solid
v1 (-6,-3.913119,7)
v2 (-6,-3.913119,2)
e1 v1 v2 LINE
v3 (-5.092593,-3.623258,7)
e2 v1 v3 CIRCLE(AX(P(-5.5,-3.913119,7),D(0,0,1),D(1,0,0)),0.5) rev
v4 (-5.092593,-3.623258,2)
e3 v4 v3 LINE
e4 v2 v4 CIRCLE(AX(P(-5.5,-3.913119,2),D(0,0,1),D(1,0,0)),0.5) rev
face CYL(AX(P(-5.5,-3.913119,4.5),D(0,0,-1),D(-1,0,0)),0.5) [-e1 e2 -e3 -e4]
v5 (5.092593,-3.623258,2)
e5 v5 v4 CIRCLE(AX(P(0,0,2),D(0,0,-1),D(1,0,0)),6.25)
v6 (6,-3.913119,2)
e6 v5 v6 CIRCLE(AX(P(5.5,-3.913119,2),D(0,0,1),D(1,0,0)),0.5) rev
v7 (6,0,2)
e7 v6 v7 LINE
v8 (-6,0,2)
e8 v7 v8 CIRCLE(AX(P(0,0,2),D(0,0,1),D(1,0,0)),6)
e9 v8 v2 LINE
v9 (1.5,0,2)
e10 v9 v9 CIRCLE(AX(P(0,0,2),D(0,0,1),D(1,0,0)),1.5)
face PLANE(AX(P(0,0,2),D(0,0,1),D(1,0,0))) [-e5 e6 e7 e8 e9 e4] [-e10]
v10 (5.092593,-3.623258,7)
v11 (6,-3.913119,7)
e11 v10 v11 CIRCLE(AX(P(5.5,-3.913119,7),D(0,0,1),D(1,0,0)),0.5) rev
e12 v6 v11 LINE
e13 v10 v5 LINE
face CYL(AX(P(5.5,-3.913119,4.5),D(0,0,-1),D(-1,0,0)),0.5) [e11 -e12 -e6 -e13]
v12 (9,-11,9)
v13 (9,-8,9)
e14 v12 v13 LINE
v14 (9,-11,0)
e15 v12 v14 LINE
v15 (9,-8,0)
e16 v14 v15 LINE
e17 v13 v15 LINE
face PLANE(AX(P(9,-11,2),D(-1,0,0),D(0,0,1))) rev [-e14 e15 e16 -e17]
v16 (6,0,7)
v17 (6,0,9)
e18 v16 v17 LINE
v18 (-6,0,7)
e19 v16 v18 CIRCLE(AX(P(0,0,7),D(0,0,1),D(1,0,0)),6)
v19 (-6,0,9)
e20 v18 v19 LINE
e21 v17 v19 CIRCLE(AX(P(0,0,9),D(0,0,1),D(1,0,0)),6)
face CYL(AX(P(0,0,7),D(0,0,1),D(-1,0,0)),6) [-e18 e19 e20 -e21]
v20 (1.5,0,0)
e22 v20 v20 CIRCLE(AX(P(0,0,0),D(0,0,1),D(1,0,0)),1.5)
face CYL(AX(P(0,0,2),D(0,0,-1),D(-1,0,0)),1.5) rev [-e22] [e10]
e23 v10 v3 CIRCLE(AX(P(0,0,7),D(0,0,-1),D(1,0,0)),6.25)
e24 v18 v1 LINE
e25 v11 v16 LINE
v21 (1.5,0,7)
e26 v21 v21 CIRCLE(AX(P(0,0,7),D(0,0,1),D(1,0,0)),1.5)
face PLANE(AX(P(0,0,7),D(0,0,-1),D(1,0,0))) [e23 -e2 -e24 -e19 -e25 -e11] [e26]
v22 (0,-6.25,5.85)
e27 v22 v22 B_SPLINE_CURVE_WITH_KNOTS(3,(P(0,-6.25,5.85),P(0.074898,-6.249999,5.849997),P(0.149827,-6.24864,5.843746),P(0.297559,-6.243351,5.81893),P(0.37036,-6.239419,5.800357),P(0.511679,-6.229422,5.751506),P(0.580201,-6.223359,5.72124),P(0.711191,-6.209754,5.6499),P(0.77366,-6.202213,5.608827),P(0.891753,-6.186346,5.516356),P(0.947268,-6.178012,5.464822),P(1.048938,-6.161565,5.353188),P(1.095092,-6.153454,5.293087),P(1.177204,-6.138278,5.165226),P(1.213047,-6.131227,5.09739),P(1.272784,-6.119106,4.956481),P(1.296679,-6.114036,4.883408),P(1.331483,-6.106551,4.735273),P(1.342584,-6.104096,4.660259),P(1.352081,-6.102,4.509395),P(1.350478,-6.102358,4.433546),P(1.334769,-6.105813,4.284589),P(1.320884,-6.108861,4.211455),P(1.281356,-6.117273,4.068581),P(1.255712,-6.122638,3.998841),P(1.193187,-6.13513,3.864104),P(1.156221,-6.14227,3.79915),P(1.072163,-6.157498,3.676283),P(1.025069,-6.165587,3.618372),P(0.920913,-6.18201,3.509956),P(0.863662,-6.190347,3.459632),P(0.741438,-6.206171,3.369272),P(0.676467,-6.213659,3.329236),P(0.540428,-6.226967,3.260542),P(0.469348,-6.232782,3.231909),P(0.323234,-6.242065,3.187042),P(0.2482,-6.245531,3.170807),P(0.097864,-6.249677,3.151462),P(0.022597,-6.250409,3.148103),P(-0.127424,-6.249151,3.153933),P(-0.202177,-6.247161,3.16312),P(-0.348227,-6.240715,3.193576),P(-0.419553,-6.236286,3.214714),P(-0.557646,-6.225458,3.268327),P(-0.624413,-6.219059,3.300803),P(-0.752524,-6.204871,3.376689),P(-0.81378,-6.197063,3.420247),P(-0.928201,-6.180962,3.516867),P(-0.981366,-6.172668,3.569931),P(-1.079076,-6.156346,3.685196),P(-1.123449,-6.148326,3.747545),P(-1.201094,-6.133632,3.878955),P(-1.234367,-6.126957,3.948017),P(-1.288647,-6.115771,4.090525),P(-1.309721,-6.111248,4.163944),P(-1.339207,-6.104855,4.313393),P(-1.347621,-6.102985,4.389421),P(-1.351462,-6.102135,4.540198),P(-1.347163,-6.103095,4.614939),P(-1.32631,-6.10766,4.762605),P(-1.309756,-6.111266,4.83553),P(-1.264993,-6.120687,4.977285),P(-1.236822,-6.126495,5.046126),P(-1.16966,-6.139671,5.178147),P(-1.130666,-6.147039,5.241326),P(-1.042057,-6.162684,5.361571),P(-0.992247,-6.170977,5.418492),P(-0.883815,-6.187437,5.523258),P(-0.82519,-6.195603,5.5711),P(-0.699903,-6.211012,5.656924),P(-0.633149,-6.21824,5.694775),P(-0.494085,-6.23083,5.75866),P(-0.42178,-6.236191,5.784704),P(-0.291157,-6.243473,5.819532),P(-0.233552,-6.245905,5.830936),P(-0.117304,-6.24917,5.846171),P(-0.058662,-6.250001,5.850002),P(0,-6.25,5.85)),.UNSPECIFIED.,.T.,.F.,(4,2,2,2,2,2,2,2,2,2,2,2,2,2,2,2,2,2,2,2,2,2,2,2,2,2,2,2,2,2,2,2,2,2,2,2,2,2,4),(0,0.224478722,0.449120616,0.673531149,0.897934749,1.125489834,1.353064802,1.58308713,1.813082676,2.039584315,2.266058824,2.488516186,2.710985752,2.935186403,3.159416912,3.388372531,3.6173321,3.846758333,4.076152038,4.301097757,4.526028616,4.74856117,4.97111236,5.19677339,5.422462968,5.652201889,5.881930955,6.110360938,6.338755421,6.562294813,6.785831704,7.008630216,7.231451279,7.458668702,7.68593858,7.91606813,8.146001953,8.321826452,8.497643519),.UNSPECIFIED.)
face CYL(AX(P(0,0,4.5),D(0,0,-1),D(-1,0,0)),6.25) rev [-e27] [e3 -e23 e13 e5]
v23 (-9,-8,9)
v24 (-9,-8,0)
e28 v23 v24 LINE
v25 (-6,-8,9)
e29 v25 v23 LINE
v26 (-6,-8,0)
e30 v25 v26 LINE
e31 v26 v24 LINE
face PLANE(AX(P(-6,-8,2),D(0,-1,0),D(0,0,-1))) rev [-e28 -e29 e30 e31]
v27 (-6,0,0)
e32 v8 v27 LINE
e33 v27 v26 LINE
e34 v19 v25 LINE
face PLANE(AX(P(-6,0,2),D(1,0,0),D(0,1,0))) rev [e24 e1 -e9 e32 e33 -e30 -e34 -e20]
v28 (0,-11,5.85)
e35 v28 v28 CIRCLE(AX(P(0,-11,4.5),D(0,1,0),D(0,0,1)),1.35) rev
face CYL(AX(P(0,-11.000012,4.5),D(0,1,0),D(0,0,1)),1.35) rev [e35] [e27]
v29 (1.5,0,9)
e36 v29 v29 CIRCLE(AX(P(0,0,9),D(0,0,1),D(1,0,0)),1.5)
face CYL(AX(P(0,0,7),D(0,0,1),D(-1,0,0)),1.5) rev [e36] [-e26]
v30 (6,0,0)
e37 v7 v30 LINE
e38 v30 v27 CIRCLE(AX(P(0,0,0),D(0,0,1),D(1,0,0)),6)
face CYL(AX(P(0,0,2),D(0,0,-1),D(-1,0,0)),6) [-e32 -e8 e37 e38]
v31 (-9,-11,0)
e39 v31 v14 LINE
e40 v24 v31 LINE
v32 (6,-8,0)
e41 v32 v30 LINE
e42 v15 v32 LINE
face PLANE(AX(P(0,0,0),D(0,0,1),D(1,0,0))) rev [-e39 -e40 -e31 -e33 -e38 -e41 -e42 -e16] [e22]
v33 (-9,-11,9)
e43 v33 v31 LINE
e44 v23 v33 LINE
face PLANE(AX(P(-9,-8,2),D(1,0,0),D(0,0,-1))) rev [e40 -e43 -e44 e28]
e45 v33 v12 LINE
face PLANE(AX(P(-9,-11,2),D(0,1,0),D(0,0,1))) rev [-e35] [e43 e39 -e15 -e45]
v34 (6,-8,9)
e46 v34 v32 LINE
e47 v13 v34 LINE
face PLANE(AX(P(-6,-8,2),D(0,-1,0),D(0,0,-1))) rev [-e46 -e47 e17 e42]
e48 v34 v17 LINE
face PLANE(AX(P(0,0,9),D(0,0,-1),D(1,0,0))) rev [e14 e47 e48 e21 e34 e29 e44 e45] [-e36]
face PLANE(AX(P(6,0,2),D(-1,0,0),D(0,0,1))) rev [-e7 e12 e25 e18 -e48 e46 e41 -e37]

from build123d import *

# Parameters (mm, degrees)
SKETCH_1_R               = 1.5
EXTRUDE_1_DEPTH          = 2
SKETCH_2_W               = 18
SKETCH_2_H               = 3
EXTRUDE_2_DEPTH          = 2.5
EXTRUDE_3_DEPTH          = 2.5
FILLET_1_R               = 0.5
FILLET_2_R               = 0.5
CUT_EXTRUDE_1_DEPTH      = 22.236760582
CUT_EXTRUDE_1_DEPTH_BACK = 10
SKETCH_6_R               = 1.35


with BuildPart() as part:
    # 草图1 → 凸台-拉伸1 (new body)
    with BuildSketch(Plane.XY):
        with BuildLine():
            Line((-6, 0), (-6, -8))
            Line((-6, -8), (-9, -8))
            Line((-9, -8), (-9, -11))
            Line((-9, -11), (9, -11))
            Line((9, -11), (9, -8))
            Line((9, -8), (6, -8))
            Line((6, -8), (6, 0))
            ThreePointArc((6, 0), (0, 6), (-6, 0))
        make_face()
        Circle(SKETCH_1_R, mode=Mode.SUBTRACT)
    extrude(amount=EXTRUDE_1_DEPTH)

    # 草图2 → 凸台-拉伸2 (add)
    with BuildSketch(Plane.XY.offset(2)):
        with Locations((0, -9.5)):
            Rectangle(SKETCH_2_W, SKETCH_2_H)
    extrude(amount=EXTRUDE_2_DEPTH)

    # 草图5 → 凸台-拉伸3 (add)
    with BuildSketch(Plane.XY.offset(2)):
        with BuildLine():
            Line((6, -1.75), (6, -8))
            Line((6, -8), (-6, -8))
            Line((-6, -8), (-6, -1.75))
            ThreePointArc((-6, -1.75), (0, -6.25), (6, -1.75))
        make_face()
    extrude(amount=EXTRUDE_3_DEPTH)

    # 圆角1
    fillet_1_edges = [part.edges().sort_by_distance(p)[0] for p in [
        (-6, -1.75, 3.25),
    ]]
    fillet(fillet_1_edges, radius=FILLET_1_R)

    # 圆角2
    fillet_2_edges = [part.edges().sort_by_distance(p)[0] for p in [
        (6, -1.75, 3.25),
    ]]
    fillet(fillet_2_edges, radius=FILLET_2_R)

    # 镜向3: part across plane


with BuildPart() as part_1:
    add(part.part)
    add(part.part.mirror(Plane(origin=(0, 0, 4.5), x_dir=(1, 0, 0), z_dir=(0, 0, -1))))

    # 草图6 → 切除-拉伸1 (cut, two sides: drawn at the far end of the back side and taken through both)
    with BuildSketch(Plane.XZ.offset(11).offset(-CUT_EXTRUDE_1_DEPTH_BACK)):
        with Locations((0, 4.5)):
            Circle(SKETCH_6_R)
    extrude(amount=CUT_EXTRUDE_1_DEPTH + CUT_EXTRUDE_1_DEPTH_BACK, mode=Mode.SUBTRACT)


solid = part_1.part
